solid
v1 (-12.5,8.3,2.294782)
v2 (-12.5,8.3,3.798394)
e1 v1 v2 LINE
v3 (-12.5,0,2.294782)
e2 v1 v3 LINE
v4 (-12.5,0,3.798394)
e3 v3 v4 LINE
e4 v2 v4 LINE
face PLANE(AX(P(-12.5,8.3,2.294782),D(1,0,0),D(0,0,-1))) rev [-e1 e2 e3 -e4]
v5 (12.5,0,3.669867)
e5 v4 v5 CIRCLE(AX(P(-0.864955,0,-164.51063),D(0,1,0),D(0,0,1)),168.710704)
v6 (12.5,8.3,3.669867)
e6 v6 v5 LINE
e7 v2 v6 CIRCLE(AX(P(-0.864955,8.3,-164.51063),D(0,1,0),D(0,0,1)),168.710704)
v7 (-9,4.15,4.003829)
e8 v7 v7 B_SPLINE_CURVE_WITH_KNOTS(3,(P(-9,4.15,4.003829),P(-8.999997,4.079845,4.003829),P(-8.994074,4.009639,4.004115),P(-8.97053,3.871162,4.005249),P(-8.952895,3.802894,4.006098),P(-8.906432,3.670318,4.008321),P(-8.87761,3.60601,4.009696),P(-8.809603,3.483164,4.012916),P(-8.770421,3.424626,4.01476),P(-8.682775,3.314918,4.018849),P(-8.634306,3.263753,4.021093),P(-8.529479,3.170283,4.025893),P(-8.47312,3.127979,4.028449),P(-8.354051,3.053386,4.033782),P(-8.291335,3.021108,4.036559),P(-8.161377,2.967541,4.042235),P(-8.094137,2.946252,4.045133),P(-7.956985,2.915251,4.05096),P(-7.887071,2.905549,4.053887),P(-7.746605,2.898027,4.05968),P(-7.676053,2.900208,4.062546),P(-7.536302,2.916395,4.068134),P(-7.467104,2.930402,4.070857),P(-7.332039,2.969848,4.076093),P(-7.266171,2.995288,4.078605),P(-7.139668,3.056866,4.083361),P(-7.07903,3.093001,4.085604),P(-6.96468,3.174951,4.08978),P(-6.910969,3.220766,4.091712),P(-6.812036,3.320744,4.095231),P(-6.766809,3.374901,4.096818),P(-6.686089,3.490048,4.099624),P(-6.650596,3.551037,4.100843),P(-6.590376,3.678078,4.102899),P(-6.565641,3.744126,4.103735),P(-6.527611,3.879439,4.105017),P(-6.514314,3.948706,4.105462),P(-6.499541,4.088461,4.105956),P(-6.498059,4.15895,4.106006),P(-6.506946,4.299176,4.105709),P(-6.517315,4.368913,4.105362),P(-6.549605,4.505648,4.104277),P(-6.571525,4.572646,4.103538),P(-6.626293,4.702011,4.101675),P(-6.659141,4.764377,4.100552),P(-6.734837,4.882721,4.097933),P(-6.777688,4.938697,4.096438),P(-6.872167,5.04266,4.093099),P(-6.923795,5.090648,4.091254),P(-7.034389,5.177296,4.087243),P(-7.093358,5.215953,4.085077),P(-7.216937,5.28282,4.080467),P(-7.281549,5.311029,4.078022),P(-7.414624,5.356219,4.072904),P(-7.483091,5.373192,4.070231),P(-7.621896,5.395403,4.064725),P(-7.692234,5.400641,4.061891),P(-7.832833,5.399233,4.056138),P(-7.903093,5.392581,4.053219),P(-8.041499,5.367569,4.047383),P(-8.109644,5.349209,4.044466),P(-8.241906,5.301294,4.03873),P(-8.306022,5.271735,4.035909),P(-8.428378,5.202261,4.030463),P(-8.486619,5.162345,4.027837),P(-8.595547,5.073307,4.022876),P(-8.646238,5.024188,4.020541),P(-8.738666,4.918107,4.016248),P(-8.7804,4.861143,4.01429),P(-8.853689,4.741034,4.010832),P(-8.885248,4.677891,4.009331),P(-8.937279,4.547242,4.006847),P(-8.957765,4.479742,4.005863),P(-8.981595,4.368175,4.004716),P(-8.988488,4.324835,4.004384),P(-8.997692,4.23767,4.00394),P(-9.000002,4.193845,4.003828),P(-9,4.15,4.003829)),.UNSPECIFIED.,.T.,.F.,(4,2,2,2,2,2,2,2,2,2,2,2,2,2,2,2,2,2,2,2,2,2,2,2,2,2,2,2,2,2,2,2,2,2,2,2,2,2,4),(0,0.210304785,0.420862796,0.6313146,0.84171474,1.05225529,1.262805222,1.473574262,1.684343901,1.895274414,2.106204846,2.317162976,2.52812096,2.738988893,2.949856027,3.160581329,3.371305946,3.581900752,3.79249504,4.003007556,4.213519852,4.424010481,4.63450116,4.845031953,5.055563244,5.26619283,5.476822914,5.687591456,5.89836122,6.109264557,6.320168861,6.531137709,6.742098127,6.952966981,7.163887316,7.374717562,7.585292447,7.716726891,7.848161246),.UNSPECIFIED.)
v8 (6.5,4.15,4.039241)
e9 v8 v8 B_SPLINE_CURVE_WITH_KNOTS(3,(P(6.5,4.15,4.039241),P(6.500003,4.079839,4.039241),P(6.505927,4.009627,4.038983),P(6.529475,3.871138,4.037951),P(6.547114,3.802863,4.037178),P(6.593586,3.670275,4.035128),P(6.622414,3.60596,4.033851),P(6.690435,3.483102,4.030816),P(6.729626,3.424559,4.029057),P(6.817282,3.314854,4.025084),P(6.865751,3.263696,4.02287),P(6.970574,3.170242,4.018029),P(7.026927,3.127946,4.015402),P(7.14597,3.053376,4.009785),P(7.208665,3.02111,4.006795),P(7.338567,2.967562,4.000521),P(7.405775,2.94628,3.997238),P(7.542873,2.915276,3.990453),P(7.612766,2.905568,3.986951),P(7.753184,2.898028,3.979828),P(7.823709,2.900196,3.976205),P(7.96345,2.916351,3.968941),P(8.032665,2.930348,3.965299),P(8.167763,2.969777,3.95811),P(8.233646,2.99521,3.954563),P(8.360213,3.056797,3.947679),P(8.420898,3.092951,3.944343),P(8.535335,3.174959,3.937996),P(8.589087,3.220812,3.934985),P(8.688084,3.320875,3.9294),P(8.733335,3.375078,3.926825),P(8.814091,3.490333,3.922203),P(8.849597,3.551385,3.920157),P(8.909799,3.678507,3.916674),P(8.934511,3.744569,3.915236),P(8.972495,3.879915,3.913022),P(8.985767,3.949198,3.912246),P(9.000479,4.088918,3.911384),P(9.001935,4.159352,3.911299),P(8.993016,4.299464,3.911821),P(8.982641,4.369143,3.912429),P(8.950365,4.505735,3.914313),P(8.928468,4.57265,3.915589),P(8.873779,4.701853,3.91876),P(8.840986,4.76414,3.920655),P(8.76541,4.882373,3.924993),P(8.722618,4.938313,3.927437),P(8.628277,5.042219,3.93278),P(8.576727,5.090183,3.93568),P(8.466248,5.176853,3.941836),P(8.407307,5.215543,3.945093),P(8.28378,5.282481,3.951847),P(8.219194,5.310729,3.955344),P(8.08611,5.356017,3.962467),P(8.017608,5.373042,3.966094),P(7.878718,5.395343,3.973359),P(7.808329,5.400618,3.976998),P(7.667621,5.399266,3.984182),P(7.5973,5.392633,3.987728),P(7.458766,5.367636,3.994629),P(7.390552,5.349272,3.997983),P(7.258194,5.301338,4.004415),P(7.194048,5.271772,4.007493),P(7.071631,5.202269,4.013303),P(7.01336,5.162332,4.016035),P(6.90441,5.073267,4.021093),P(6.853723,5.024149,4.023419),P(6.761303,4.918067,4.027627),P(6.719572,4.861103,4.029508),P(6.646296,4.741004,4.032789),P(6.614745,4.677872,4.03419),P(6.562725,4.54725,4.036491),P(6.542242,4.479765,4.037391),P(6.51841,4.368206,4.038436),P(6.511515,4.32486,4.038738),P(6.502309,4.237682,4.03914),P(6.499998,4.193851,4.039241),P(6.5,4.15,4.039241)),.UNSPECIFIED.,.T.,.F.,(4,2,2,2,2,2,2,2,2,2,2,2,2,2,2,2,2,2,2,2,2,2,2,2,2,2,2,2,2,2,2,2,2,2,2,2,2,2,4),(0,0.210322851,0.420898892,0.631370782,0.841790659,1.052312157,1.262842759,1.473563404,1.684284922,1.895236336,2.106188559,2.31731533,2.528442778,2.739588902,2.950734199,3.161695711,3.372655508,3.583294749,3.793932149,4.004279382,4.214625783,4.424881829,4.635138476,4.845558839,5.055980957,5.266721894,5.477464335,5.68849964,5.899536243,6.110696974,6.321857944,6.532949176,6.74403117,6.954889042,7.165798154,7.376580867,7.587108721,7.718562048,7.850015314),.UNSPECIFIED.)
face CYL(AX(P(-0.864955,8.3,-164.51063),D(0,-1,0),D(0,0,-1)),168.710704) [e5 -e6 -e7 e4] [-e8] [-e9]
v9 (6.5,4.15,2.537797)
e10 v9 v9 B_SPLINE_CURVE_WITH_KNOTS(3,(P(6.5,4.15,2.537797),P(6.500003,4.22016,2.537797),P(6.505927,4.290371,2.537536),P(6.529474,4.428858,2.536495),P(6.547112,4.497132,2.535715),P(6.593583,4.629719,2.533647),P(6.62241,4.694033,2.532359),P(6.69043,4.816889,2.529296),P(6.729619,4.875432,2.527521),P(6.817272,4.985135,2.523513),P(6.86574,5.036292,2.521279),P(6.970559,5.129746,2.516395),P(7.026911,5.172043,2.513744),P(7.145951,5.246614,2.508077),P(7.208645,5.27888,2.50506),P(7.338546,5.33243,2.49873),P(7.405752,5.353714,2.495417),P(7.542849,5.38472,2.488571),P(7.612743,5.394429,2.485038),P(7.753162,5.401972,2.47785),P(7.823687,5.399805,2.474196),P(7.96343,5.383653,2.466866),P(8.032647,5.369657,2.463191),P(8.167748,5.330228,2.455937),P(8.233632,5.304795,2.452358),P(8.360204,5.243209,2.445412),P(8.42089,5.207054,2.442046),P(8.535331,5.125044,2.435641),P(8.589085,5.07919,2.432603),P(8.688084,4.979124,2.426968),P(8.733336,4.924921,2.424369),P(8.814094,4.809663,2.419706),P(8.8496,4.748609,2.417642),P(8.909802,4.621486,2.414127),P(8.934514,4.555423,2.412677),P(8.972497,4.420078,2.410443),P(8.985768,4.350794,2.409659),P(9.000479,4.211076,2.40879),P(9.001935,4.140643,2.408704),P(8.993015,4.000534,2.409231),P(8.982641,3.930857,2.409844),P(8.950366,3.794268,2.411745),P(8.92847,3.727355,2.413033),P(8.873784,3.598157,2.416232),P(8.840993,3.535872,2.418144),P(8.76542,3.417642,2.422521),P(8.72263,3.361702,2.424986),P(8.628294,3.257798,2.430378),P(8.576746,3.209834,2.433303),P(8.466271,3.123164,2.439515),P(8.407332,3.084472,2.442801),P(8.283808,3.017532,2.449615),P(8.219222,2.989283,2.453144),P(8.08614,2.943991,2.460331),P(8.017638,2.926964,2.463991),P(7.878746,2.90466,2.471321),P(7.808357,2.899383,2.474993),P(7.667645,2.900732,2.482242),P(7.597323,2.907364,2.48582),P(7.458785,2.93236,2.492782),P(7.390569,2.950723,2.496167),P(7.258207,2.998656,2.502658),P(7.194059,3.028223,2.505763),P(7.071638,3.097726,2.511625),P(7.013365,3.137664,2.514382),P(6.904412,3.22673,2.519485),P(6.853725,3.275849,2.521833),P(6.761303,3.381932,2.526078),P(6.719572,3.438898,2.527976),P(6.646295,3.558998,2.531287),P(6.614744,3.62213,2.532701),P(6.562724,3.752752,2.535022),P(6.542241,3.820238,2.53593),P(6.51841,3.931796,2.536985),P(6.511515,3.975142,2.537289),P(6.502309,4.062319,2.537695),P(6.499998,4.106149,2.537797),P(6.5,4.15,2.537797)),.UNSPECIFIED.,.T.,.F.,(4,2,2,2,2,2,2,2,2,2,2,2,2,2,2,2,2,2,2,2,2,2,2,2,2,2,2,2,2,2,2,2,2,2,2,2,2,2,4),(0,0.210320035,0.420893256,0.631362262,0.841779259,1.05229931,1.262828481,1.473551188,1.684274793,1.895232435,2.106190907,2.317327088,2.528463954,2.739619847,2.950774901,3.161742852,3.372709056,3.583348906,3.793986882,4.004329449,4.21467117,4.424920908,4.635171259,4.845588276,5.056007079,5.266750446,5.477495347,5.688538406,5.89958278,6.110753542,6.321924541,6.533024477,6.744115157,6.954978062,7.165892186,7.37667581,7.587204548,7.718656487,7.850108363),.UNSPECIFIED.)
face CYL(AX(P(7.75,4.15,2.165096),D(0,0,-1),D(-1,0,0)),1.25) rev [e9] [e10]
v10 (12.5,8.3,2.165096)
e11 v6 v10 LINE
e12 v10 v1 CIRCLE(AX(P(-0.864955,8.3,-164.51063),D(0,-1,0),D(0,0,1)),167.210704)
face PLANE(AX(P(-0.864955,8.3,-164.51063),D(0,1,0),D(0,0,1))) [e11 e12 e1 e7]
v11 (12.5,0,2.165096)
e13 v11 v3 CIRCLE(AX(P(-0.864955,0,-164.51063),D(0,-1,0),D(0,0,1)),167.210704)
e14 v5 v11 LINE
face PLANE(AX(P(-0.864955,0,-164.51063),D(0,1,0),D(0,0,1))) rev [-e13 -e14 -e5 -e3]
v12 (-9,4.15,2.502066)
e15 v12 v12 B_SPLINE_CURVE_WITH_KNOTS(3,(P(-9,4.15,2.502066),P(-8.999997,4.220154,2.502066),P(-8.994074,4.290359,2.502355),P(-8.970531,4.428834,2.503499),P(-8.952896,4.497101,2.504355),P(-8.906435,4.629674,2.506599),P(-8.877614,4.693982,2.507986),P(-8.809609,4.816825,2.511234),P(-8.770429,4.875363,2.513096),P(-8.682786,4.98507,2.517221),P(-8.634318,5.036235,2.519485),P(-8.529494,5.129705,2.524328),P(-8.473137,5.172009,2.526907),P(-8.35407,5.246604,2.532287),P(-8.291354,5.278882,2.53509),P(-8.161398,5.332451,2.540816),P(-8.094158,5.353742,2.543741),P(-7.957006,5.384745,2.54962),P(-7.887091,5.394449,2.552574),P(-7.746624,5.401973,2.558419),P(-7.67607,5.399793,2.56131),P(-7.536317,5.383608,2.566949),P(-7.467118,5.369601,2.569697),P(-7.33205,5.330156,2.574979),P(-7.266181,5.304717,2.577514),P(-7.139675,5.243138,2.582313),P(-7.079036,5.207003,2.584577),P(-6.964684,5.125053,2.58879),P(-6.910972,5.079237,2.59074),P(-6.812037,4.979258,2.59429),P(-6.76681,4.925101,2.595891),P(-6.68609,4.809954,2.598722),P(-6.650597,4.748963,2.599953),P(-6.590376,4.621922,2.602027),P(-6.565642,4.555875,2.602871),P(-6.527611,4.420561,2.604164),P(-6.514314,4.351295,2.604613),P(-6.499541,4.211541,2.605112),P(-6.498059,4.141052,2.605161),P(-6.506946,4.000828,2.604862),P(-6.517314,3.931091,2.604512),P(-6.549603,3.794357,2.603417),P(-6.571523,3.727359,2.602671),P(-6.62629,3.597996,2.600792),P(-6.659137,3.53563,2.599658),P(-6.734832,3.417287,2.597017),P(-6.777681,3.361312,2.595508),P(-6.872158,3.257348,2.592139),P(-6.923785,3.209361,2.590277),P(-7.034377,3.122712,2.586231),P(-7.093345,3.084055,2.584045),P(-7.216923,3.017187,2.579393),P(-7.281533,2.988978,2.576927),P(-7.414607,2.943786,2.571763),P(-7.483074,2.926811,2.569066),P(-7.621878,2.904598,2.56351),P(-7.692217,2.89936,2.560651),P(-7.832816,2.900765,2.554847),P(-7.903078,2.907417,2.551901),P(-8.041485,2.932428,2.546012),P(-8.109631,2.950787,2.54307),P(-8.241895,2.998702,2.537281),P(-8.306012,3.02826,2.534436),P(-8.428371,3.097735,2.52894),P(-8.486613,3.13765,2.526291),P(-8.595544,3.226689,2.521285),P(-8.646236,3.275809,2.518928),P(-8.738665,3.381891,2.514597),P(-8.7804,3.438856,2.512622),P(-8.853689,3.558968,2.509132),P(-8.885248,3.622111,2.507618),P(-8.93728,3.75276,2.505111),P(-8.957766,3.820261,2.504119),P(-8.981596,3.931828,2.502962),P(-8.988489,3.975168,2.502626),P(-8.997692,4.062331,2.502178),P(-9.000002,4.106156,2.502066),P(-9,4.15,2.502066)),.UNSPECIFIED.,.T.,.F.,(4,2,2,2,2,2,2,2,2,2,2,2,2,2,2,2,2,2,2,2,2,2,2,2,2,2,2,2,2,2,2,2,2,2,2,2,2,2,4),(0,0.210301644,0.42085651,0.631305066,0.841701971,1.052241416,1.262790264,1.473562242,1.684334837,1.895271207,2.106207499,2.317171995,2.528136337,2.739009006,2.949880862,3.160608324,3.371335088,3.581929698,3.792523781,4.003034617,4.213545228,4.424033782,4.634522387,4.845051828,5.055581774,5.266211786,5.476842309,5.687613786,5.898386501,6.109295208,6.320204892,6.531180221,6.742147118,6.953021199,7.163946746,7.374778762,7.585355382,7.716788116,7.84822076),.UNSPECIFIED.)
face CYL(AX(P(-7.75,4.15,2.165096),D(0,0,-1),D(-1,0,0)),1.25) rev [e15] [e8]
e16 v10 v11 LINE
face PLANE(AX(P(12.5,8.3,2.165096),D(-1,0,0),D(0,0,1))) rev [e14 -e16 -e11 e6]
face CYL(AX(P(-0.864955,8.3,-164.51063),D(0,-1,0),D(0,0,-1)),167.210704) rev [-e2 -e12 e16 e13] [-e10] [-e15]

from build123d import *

# Parameters (mm, degrees)
BOSS_EXTRUDE1_DEPTH     = 8.3
SKETCH2_R               = 1.25
CUT_EXTRUDE1_DEPTH      = 5.200074126
CUT_EXTRUDE1_DEPTH_BACK = 1


with BuildPart() as part:
    # Sketch1 → Boss-Extrude1 (new body)
    with BuildSketch(Plane(origin=(0, 0, 0), x_dir=(1, 0, 0), z_dir=(0, 1, 0))):
        with BuildLine():
            Line((-12.5, -2.294781514), (-12.5, -3.798393593))
            ThreePointArc((-12.5, -3.798393593), (0.00238398, -4.197844622), (12.5, -3.669867249))
            Line((12.5, -3.669867249), (12.5, -2.165095715))
            ThreePointArc((12.5, -2.165095715), (0.002427126, -2.697824398), (-12.5, -2.294781514))
        make_face()
    extrude(amount=BOSS_EXTRUDE1_DEPTH)

    # Sketch2 → Cut-Extrude1 (cut, two sides)
    with BuildSketch(Plane.XY) as cut_extrude1_sk:
        with Locations((-7.75, 4.15)):
            Circle(SKETCH2_R)
        with Locations((7.75, 4.15)):
            Circle(SKETCH2_R)
    extrude(amount=CUT_EXTRUDE1_DEPTH, mode=Mode.SUBTRACT)
    extrude(cut_extrude1_sk.sketch, amount=-CUT_EXTRUDE1_DEPTH_BACK, mode=Mode.SUBTRACT)


solid = part.part
